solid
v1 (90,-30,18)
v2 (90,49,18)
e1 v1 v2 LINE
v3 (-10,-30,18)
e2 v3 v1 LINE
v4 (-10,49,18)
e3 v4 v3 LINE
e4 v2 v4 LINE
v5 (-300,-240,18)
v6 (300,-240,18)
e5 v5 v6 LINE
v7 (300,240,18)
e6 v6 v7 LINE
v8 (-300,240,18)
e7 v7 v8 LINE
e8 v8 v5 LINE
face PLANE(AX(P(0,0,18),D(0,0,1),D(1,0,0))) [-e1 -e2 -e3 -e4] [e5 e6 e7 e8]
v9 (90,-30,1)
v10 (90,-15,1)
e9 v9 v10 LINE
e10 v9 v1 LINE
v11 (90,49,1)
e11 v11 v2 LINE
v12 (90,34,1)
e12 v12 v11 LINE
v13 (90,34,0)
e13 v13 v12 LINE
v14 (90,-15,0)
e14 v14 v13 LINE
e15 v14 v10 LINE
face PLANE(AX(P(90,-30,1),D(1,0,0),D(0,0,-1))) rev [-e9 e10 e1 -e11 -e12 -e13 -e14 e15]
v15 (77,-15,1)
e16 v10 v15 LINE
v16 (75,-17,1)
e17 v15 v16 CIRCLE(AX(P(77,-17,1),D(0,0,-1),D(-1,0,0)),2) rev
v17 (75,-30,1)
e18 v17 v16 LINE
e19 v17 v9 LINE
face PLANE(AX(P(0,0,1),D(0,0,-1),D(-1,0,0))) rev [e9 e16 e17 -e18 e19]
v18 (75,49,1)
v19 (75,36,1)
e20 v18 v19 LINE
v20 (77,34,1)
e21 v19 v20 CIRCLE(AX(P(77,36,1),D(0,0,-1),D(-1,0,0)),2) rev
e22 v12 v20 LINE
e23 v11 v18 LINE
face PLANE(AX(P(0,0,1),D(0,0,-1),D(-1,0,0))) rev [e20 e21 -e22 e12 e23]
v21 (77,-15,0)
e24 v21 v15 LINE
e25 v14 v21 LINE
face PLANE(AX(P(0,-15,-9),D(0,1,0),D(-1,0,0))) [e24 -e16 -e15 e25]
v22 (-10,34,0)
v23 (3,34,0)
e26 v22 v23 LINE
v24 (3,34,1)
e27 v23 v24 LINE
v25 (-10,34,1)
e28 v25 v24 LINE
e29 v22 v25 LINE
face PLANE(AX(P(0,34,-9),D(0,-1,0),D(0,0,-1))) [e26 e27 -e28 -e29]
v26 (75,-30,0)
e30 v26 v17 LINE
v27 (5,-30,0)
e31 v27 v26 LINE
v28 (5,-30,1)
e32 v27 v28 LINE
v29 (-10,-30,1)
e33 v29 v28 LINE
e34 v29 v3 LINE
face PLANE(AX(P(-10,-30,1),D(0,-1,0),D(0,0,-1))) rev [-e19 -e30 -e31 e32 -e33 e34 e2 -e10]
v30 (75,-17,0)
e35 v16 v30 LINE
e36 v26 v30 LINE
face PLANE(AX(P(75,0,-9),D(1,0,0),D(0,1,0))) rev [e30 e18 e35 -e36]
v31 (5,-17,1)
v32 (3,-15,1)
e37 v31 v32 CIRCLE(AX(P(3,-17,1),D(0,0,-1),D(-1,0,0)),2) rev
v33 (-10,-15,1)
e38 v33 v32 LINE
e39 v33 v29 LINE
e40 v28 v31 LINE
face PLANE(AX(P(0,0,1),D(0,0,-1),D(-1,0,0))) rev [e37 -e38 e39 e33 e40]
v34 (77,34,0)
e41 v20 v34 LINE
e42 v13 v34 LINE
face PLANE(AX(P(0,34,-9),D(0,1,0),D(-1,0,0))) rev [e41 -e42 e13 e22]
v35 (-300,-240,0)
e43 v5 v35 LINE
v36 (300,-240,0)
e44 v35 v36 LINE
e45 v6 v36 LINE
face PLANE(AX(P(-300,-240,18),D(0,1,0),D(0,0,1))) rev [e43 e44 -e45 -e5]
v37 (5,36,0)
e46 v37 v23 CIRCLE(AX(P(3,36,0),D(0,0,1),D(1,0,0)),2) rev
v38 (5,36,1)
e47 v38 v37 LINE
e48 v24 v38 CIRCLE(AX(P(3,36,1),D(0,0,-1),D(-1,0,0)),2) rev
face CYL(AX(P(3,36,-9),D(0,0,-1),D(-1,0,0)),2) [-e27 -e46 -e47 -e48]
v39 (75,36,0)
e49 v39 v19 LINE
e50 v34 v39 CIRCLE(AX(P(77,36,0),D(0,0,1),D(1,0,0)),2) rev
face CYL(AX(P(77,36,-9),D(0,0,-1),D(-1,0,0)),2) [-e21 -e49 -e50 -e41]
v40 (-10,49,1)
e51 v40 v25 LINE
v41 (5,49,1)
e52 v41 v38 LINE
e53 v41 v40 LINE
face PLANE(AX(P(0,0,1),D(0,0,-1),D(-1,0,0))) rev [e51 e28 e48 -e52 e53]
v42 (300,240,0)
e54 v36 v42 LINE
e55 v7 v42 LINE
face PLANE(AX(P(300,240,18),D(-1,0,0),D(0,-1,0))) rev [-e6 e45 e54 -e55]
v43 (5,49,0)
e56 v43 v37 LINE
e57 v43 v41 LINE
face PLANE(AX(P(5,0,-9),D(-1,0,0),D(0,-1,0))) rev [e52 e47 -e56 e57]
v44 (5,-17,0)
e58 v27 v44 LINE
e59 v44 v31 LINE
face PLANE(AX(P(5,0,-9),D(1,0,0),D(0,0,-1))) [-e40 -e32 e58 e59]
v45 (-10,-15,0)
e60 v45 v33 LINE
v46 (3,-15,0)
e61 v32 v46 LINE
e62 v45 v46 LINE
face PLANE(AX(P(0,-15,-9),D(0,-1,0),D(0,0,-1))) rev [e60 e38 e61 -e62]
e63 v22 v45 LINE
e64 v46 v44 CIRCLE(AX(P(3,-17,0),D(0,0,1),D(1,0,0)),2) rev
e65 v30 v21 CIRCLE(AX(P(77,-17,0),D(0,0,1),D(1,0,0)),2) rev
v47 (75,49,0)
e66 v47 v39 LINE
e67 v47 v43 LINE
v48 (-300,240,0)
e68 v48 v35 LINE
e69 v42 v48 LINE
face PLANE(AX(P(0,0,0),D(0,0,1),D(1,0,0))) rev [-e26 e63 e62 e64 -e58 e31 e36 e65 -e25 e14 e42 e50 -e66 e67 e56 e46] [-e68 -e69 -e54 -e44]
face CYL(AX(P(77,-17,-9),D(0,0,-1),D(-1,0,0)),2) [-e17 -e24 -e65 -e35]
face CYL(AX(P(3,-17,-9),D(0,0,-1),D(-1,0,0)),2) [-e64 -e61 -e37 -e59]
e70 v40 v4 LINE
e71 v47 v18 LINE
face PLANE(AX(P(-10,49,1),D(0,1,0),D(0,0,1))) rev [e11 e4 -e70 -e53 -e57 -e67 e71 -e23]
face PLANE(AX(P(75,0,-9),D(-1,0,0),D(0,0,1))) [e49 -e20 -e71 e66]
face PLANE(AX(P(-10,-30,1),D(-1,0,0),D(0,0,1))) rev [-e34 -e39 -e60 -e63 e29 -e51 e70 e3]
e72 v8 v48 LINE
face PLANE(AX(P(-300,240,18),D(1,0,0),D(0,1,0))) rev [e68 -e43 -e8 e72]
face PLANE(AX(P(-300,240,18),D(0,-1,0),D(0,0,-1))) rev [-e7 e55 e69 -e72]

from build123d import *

# Parameters (mm, degrees)
ESQUISSE1_W             = 600
ESQUISSE1_H             = 480
BOSS_EXTRU_1_DEPTH      = 18
ESQUISSE2_W             = 100
ESQUISSE2_H             = 79
ENL_V_MAT_EXTRU_1_DEPTH = 17
ENL_V_MAT_EXTRU_3_DEPTH = 10
CONG_1_R                = 2


with BuildPart() as part:
    # Esquisse1 → Boss.-Extru.1 (new body)
    with BuildSketch(Plane.XY):
        Rectangle(ESQUISSE1_W, ESQUISSE1_H)
    extrude(amount=BOSS_EXTRU_1_DEPTH)

    # Esquisse2 → Enlèv. mat.-Extru.1 (cut)
    with BuildSketch(Plane.XY.offset(18)):
        with Locations((40, 9.5)):
            Rectangle(ESQUISSE2_W, ESQUISSE2_H)
    extrude(amount=-ENL_V_MAT_EXTRU_1_DEPTH, mode=Mode.SUBTRACT)

    # Esquisse4 → Enlèv. mat.-Extru.3 (cut)
    with BuildSketch(Plane.XY.offset(1)):
        Polygon((75, 49), (5, 49), (5, 34), (-10, 34), (-10, -15), (5, -15), (5, -30), (75, -30), (75, -15), (90, -15), (90, 34), (75, 34), align=None)
    extrude(amount=-ENL_V_MAT_EXTRU_3_DEPTH, mode=Mode.SUBTRACT)

    # Congé1
    cong_1_edges = [part.edges().sort_by_distance(p)[0] for p in [
        (5, -15, 0.5),
        (5, 34, 0.5),
        (75, 34, 0.5),
        (75, -15, 0.5),
    ]]
    fillet(cong_1_edges, radius=CONG_1_R)


solid = part.part
